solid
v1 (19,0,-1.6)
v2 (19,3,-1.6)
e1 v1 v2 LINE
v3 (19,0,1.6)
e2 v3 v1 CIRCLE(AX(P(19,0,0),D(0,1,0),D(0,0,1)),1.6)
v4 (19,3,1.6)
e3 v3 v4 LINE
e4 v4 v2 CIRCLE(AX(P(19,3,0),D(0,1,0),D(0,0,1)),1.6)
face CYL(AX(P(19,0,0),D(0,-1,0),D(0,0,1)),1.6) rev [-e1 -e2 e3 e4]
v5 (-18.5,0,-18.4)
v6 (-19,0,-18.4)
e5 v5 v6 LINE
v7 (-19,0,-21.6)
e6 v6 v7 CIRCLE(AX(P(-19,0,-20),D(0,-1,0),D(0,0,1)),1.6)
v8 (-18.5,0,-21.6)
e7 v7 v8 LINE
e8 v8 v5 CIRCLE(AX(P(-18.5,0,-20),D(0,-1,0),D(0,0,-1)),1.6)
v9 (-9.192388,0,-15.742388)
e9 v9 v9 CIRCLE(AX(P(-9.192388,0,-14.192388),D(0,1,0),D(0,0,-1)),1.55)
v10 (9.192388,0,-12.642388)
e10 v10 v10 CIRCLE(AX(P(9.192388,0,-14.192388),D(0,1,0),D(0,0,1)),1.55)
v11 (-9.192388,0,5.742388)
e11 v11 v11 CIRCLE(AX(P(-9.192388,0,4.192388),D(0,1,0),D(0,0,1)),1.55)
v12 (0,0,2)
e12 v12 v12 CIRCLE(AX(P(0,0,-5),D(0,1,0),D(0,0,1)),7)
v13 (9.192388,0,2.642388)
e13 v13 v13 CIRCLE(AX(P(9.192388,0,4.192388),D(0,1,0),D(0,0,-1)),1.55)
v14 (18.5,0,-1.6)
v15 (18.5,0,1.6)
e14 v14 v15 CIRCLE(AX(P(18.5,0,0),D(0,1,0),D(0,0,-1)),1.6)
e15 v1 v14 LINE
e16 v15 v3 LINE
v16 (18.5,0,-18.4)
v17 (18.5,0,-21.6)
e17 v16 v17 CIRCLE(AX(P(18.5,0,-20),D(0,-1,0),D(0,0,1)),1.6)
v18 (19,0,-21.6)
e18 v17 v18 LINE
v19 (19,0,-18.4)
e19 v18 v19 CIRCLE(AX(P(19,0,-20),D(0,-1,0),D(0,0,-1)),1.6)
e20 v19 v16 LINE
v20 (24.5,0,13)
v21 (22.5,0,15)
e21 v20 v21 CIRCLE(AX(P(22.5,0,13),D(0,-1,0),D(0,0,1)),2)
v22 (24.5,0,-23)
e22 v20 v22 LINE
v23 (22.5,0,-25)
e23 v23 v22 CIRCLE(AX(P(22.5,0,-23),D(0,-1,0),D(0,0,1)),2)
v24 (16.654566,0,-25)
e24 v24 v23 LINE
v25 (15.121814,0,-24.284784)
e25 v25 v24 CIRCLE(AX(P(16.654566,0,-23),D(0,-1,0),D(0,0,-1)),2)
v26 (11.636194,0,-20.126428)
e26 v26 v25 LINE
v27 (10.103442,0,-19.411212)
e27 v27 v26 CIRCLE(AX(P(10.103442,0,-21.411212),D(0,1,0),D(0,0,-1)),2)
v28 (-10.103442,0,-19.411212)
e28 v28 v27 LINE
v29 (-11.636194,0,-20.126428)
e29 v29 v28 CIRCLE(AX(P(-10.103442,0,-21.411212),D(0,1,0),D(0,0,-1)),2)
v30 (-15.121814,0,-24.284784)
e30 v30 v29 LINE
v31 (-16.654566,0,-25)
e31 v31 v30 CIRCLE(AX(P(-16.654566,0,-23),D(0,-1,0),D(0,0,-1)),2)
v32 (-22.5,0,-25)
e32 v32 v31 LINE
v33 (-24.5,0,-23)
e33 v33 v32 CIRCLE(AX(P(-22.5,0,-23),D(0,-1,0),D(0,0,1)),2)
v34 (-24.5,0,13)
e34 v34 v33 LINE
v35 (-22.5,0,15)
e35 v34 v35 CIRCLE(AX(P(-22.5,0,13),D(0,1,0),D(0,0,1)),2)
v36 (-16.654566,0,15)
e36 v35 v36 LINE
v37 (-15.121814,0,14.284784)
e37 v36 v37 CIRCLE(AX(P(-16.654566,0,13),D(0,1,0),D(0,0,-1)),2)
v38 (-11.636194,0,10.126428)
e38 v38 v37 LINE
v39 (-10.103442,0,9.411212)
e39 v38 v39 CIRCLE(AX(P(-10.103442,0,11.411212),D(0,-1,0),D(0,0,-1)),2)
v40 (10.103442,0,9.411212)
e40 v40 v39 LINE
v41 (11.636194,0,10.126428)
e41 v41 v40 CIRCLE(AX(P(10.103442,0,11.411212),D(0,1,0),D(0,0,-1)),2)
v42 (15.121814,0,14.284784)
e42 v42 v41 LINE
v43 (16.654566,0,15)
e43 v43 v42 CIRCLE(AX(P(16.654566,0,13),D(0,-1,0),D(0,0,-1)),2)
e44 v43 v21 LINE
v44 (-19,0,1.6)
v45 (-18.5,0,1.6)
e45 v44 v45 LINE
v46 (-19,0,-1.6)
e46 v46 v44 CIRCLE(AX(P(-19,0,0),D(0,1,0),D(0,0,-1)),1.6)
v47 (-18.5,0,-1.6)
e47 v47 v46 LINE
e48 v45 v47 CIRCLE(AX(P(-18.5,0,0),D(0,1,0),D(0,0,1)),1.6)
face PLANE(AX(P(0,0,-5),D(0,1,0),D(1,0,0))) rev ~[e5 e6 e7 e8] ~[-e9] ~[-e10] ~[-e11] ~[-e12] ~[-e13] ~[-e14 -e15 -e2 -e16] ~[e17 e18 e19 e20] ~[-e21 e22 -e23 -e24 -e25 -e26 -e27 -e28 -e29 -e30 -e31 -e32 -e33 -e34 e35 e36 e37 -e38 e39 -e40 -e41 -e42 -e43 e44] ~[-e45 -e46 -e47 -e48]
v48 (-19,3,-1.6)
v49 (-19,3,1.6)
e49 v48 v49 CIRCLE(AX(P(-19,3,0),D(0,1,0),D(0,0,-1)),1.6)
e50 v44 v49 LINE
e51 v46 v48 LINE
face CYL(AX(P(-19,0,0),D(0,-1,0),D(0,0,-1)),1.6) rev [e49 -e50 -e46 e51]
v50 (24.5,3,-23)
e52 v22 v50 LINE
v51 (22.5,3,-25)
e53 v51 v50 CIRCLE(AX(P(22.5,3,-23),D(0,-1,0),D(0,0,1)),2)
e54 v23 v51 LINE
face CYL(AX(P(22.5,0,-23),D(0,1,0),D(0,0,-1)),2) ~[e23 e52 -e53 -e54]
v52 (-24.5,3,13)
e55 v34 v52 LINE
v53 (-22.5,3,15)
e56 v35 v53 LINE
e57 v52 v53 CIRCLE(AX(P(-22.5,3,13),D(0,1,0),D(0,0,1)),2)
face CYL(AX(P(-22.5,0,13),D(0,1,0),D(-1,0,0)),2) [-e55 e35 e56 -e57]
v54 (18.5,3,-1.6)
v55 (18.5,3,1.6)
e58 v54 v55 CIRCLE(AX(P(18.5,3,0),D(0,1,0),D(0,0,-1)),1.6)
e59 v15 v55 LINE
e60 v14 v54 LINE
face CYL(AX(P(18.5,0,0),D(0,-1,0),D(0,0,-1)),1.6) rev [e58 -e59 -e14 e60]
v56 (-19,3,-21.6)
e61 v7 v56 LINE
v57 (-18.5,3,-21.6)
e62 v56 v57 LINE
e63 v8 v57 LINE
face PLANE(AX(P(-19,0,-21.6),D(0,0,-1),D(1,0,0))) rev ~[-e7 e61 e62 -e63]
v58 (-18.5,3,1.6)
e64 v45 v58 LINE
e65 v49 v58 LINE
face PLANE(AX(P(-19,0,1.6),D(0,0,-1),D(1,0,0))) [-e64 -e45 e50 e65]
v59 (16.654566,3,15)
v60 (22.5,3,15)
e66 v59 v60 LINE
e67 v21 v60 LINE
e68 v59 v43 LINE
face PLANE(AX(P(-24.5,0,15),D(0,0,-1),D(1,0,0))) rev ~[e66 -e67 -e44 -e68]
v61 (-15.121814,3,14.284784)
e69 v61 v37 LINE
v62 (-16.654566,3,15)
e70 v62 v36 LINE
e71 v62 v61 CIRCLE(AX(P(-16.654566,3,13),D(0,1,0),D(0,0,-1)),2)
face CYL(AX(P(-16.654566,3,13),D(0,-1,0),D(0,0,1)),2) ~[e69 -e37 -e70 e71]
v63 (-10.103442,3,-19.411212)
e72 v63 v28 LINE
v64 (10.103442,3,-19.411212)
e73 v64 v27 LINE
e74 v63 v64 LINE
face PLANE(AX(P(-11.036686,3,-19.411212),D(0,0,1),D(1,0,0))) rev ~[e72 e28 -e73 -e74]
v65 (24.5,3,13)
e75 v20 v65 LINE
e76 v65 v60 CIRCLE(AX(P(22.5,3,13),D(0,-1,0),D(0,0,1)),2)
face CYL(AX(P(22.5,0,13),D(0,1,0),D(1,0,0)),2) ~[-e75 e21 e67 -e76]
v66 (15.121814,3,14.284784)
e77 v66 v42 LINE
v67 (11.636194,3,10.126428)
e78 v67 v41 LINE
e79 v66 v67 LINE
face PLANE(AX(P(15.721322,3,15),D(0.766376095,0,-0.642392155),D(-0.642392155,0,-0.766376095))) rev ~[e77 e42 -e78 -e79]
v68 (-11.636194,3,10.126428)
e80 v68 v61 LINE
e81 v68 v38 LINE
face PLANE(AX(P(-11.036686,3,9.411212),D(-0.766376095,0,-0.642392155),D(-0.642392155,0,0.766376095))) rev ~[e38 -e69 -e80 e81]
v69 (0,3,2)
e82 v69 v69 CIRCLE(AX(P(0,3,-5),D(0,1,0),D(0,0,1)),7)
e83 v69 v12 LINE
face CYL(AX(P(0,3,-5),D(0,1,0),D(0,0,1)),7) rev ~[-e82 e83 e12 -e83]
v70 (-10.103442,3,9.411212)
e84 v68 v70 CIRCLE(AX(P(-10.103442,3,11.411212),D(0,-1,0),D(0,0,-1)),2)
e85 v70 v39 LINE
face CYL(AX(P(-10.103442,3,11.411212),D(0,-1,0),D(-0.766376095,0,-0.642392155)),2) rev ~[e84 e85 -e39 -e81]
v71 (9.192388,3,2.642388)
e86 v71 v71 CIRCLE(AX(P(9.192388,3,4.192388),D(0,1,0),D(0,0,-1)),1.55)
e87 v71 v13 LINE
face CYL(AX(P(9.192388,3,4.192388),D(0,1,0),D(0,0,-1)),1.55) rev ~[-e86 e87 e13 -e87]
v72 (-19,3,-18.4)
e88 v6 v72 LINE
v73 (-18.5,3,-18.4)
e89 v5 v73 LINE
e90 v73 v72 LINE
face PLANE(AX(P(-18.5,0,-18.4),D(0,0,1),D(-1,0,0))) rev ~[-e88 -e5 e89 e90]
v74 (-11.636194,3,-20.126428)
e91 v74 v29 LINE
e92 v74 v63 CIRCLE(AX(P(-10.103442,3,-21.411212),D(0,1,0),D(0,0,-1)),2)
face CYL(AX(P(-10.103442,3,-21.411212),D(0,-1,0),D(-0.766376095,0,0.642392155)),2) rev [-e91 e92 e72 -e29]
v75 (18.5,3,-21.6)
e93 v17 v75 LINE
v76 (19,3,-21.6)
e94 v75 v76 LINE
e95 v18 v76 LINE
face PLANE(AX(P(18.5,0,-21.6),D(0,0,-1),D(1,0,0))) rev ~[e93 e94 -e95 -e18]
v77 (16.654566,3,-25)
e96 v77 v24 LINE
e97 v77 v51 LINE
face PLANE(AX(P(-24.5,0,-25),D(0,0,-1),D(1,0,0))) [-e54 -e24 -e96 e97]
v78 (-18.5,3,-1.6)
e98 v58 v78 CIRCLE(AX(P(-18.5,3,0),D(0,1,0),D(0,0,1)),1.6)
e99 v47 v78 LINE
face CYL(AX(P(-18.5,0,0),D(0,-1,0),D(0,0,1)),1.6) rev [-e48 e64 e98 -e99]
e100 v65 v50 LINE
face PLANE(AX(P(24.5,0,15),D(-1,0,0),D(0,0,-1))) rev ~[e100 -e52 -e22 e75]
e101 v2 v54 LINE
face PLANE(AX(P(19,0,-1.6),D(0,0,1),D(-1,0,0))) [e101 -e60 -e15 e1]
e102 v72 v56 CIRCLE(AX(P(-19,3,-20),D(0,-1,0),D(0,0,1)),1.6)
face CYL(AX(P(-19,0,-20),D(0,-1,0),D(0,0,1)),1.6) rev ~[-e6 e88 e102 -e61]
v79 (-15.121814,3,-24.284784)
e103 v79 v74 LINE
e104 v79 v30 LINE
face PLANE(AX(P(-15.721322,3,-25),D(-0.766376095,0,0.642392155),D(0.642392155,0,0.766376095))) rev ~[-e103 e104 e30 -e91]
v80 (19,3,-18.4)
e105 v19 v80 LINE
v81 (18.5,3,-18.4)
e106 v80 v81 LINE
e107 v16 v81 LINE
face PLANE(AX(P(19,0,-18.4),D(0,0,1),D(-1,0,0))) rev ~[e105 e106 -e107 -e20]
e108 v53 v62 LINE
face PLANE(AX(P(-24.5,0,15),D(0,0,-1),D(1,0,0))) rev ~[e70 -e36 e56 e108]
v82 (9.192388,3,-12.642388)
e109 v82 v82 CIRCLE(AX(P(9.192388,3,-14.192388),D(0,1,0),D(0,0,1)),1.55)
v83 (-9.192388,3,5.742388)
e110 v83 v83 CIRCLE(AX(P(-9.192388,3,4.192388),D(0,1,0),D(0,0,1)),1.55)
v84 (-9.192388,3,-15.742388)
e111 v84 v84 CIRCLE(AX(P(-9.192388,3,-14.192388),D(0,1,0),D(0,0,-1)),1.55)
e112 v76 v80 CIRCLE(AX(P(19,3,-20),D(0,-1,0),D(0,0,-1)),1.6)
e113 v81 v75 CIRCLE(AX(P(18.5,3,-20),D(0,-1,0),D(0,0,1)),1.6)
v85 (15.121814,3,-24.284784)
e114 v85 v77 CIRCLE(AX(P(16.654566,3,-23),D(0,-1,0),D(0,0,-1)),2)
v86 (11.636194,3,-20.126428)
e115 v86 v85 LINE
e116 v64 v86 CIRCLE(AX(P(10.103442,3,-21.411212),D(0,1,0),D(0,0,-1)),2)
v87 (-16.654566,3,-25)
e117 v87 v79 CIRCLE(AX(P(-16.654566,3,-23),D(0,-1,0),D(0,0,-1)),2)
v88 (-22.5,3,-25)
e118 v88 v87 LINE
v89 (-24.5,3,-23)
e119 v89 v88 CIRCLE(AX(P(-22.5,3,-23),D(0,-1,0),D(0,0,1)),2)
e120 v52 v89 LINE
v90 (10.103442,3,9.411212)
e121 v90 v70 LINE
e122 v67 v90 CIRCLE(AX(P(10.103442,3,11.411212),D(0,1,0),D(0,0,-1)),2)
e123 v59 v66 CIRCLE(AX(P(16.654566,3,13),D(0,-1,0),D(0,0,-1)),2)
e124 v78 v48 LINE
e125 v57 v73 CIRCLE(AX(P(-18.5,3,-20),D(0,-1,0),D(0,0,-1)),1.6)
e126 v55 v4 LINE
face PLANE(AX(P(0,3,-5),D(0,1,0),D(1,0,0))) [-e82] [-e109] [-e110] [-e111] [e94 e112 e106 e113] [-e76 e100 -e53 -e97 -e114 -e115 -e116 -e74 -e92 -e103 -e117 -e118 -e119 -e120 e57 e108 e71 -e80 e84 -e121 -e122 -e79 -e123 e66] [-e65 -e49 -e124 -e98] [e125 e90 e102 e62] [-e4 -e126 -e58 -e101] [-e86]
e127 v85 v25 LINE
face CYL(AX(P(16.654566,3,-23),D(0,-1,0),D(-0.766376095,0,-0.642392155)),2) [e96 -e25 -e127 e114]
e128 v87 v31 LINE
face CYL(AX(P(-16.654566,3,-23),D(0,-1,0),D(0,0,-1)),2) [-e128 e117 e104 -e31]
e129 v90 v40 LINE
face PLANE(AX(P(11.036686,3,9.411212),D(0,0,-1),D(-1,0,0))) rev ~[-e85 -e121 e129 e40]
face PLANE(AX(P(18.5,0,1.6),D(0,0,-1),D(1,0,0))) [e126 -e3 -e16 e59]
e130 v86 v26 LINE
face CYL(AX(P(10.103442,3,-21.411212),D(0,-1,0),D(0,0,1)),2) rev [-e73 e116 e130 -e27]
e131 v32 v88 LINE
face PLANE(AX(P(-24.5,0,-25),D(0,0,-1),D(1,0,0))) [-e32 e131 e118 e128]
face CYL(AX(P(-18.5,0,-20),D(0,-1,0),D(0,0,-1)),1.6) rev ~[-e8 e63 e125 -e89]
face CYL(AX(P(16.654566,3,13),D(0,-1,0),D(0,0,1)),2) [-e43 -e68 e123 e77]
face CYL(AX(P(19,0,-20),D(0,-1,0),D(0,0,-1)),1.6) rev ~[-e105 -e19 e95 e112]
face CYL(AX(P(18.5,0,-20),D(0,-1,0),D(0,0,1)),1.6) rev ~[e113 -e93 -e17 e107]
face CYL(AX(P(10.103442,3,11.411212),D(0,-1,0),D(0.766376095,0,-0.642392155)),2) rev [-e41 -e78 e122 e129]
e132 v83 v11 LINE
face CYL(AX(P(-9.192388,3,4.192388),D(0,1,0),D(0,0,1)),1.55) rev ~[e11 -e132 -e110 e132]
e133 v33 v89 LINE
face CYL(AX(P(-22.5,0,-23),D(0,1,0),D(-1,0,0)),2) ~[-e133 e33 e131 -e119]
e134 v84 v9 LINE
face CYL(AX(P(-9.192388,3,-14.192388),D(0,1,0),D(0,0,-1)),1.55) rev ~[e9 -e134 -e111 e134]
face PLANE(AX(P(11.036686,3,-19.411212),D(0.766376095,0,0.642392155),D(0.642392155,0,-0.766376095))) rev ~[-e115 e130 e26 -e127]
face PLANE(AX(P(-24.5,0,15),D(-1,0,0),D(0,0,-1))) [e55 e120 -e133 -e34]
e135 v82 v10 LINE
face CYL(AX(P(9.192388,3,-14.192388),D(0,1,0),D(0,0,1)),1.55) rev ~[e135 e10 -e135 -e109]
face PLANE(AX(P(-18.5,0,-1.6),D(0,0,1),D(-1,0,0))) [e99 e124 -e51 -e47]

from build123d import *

# Parameters (mm, degrees)
SKETCH_1_W          = 49
SKETCH_1_H          = 40
EXTRUDE_1_DEPTH     = 3
SKETCH_2_R          = 1.55
SKETCH_2_R_2        = 7
CUT_EXTRUDE_1_DEPTH = 36.131894341
CUT_EXTRUDE_2_DEPTH = 36.131894341
FILLET_1_R          = 2


with BuildPart() as part:
    # 草图1 → 凸台-拉伸1 (new body)
    with BuildSketch(Plane(origin=(0, 0, 0), x_dir=(1, 0, 0), z_dir=(0, 1, 0))):
        with Locations((0, 5)):
            Rectangle(SKETCH_1_W, SKETCH_1_H)
        with BuildLine():
            Line((-19, 21.6), (-18.5, 21.6))
            ThreePointArc((-18.5, 21.6), (-16.9, 20), (-18.5, 18.4))
            Line((-18.5, 18.4), (-19, 18.4))
            ThreePointArc((-19, 18.4), (-20.6, 20), (-19, 21.6))
        make_face(mode=Mode.SUBTRACT)
        with BuildLine():
            Line((19, 18.4), (18.5, 18.4))
            ThreePointArc((18.5, 18.4), (16.9, 20), (18.5, 21.6))
            Line((18.5, 21.6), (19, 21.6))
            ThreePointArc((19, 21.6), (20.6, 20), (19, 18.4))
        make_face(mode=Mode.SUBTRACT)
        with BuildLine():
            Line((19, 1.6), (18.5, 1.6))
            ThreePointArc((18.5, 1.6), (16.9, 0), (18.5, -1.6))
            Line((18.5, -1.6), (19, -1.6))
            ThreePointArc((19, -1.6), (20.6, 0), (19, 1.6))
        make_face(mode=Mode.SUBTRACT)
        with BuildLine():
            Line((-19, -1.6), (-18.5, -1.6))
            ThreePointArc((-18.5, -1.6), (-16.9, 0), (-18.5, 1.6))
            Line((-18.5, 1.6), (-19, 1.6))
            ThreePointArc((-19, 1.6), (-20.6, 0), (-19, -1.6))
        make_face(mode=Mode.SUBTRACT)
    extrude(amount=EXTRUDE_1_DEPTH)

    # 草图2 → 切除-拉伸1 (cut, through all)
    with BuildSketch(Plane(origin=(0, 3, 0), x_dir=(1, 0, 0), z_dir=(0, 1, 0))):
        with Locations(Location((9.192388155, 14.192388155, 0), (0, 0, 270))):
            Circle(SKETCH_2_R)
        with Locations(Location((9.192388155, -4.192388155, 0), (0, 0, 90))):
            Circle(SKETCH_2_R)
        with Locations(Location((-9.192388155, 14.192388155, 0), (0, 0, 90))):
            Circle(SKETCH_2_R)
        with Locations(Location((-9.192388155, -4.192388155, 0), (0, 0, 270))):
            Circle(SKETCH_2_R)
        with Locations(Location((0, 5, 0), (0, 0, 270))):
            Circle(SKETCH_2_R_2)
    extrude(amount=-CUT_EXTRUDE_1_DEPTH, mode=Mode.SUBTRACT)

    # 草图3 → 切除-拉伸2 (cut, through all)
    with BuildSketch(Plane(origin=(0, 3, 0), x_dir=(1, 0, 0), z_dir=(0, 1, 0))):
        Polygon((-15.721322439, 25), (-11.036685955, 19.411212236), (11.036685955, 19.411212236), (15.721322439, 25), align=None)
        Polygon((15.721322439, -15), (11.036685955, -9.411212236), (-11.036685955, -9.411212236), (-15.721322439, -15), align=None)
    extrude(amount=-CUT_EXTRUDE_2_DEPTH, mode=Mode.SUBTRACT)

    # 圆角1
    fillet_1_edges = [part.edges().sort_by_distance(p)[0] for p in [
        (-15.721322439, 1.5, -25),
        (15.721322439, 1.5, -25),
        (11.036685955, 1.5, -19.411212236),
        (-11.036685955, 1.5, -19.411212236),
        (15.721322439, 1.5, 15),
        (-15.721322439, 1.5, 15),
        (-11.036685955, 1.5, 9.411212236),
        (11.036685955, 1.5, 9.411212236),
        (24.5, 1.5, 15),
        (-24.5, 1.5, 15),
        (-24.5, 1.5, -25),
        (24.5, 1.5, -25),
    ]]
    fillet(fillet_1_edges, radius=FILLET_1_R)


solid = part.part
